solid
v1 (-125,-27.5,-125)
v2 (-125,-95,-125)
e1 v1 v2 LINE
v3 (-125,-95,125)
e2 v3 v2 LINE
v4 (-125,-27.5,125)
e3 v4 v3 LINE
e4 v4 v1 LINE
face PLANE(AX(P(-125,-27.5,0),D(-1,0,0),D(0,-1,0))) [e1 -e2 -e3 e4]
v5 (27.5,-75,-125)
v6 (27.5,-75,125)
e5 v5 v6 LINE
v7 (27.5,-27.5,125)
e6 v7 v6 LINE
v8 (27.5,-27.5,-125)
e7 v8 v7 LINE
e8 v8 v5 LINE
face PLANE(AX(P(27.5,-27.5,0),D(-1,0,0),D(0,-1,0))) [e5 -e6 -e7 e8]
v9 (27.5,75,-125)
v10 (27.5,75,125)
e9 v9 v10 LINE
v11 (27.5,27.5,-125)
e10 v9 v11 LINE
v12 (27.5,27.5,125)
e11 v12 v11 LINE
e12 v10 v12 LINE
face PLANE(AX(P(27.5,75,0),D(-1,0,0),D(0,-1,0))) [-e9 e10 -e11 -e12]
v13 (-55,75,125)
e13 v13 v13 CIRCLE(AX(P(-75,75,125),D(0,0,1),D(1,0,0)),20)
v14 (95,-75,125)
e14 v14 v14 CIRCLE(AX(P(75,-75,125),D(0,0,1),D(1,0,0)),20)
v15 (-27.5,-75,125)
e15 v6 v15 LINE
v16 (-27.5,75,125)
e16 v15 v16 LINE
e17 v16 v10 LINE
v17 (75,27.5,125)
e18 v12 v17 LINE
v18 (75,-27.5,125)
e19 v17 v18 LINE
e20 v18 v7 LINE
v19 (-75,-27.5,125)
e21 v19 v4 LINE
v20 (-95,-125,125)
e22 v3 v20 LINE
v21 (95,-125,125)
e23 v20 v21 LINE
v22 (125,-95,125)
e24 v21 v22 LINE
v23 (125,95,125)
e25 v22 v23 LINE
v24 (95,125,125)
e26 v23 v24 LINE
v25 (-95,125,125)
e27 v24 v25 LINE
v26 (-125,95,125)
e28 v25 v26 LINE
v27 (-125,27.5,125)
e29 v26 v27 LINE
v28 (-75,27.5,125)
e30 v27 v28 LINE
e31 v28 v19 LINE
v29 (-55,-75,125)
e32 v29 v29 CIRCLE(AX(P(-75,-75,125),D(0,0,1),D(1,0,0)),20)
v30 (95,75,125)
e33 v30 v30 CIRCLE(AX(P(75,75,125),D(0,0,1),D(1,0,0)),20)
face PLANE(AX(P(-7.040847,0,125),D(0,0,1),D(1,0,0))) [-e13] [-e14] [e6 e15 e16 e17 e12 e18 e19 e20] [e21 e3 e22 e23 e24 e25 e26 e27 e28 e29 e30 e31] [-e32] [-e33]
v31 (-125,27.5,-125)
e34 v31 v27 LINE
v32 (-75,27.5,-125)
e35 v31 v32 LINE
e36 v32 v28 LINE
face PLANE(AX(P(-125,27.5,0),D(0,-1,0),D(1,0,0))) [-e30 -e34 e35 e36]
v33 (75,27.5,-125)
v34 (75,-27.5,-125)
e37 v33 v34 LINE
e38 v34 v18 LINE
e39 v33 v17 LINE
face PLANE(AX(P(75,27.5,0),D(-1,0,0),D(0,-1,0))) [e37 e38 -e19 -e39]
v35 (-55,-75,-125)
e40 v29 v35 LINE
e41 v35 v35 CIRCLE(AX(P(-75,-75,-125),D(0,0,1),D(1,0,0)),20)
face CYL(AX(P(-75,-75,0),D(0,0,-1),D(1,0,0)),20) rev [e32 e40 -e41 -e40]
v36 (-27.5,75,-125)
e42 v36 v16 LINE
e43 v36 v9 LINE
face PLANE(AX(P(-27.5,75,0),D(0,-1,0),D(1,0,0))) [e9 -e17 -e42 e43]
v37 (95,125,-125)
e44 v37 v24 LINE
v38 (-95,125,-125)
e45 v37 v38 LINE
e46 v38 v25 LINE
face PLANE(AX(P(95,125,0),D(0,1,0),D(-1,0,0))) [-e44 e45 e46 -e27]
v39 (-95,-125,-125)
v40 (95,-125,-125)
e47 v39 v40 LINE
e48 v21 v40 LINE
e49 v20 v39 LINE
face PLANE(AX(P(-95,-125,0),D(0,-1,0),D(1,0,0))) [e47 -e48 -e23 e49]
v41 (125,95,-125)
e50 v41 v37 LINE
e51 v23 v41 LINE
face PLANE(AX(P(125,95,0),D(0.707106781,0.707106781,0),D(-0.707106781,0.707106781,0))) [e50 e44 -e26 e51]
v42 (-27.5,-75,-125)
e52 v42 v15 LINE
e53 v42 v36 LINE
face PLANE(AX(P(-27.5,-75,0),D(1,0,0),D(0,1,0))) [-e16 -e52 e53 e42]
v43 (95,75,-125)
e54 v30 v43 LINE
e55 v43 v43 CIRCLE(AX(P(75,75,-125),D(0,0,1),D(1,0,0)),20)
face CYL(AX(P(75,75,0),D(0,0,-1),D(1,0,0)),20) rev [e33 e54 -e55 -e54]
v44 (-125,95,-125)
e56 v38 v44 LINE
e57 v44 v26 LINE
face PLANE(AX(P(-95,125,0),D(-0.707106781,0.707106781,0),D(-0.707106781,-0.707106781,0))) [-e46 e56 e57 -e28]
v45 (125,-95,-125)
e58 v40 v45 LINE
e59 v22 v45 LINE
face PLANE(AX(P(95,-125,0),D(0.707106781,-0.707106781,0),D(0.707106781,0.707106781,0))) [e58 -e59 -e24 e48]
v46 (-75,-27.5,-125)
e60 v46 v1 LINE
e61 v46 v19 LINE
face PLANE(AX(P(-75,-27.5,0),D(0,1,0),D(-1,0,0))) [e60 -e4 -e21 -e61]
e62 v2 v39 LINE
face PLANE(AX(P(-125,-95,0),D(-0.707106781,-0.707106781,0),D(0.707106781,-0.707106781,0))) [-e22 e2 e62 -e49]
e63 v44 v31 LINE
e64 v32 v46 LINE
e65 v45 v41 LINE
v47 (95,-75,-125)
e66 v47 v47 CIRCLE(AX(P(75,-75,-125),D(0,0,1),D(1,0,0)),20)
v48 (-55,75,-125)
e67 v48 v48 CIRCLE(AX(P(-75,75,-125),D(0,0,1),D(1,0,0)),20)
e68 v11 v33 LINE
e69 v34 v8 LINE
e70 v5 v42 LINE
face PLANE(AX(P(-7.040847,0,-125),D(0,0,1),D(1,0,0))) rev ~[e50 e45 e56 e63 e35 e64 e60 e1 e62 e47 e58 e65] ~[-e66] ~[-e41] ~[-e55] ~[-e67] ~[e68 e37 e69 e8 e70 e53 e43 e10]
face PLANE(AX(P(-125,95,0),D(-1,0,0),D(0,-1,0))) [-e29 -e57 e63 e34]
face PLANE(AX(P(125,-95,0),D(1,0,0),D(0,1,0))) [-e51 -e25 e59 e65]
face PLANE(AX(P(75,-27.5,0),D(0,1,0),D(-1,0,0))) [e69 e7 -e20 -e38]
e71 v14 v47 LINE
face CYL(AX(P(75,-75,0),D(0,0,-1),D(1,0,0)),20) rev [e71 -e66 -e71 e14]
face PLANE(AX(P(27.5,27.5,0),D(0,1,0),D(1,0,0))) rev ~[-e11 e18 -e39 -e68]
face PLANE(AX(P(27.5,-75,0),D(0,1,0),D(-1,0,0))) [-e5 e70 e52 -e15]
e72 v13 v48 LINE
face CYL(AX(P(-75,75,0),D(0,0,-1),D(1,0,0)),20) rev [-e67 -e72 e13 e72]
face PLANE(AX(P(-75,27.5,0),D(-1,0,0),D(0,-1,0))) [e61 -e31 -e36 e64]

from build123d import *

# Parameters (mm, degrees)
F0_R     = 20
F1_DEPTH = 125


with BuildPart() as f1:
    # F0 (on Top) → F1 (new body, symmetric)
    with BuildSketch(Plane.XY):
        Polygon((125, 95), (95, 125), (-95, 125), (-125, 95), (-125, 27.5), (-75, 27.5), (-75, -27.5), (-125, -27.5), (-125, -95), (-95, -125), (95, -125), (125, -95), align=None)
        with Locations((-75, -75)):
            Circle(F0_R, mode=Mode.SUBTRACT)
        with Locations((75, -75)):
            Circle(F0_R, mode=Mode.SUBTRACT)
        with Locations((-75, 75)):
            Circle(F0_R, mode=Mode.SUBTRACT)
        Polygon((-27.5, -75), (-27.5, 75), (27.5, 75), (27.5, 27.5), (75, 27.5), (75, -27.5), (27.5, -27.5), (27.5, -75), align=None, mode=Mode.SUBTRACT)
        with Locations((75, 75)):
            Circle(F0_R, mode=Mode.SUBTRACT)
    extrude(amount=F1_DEPTH, both=True)


solid = f1.part
